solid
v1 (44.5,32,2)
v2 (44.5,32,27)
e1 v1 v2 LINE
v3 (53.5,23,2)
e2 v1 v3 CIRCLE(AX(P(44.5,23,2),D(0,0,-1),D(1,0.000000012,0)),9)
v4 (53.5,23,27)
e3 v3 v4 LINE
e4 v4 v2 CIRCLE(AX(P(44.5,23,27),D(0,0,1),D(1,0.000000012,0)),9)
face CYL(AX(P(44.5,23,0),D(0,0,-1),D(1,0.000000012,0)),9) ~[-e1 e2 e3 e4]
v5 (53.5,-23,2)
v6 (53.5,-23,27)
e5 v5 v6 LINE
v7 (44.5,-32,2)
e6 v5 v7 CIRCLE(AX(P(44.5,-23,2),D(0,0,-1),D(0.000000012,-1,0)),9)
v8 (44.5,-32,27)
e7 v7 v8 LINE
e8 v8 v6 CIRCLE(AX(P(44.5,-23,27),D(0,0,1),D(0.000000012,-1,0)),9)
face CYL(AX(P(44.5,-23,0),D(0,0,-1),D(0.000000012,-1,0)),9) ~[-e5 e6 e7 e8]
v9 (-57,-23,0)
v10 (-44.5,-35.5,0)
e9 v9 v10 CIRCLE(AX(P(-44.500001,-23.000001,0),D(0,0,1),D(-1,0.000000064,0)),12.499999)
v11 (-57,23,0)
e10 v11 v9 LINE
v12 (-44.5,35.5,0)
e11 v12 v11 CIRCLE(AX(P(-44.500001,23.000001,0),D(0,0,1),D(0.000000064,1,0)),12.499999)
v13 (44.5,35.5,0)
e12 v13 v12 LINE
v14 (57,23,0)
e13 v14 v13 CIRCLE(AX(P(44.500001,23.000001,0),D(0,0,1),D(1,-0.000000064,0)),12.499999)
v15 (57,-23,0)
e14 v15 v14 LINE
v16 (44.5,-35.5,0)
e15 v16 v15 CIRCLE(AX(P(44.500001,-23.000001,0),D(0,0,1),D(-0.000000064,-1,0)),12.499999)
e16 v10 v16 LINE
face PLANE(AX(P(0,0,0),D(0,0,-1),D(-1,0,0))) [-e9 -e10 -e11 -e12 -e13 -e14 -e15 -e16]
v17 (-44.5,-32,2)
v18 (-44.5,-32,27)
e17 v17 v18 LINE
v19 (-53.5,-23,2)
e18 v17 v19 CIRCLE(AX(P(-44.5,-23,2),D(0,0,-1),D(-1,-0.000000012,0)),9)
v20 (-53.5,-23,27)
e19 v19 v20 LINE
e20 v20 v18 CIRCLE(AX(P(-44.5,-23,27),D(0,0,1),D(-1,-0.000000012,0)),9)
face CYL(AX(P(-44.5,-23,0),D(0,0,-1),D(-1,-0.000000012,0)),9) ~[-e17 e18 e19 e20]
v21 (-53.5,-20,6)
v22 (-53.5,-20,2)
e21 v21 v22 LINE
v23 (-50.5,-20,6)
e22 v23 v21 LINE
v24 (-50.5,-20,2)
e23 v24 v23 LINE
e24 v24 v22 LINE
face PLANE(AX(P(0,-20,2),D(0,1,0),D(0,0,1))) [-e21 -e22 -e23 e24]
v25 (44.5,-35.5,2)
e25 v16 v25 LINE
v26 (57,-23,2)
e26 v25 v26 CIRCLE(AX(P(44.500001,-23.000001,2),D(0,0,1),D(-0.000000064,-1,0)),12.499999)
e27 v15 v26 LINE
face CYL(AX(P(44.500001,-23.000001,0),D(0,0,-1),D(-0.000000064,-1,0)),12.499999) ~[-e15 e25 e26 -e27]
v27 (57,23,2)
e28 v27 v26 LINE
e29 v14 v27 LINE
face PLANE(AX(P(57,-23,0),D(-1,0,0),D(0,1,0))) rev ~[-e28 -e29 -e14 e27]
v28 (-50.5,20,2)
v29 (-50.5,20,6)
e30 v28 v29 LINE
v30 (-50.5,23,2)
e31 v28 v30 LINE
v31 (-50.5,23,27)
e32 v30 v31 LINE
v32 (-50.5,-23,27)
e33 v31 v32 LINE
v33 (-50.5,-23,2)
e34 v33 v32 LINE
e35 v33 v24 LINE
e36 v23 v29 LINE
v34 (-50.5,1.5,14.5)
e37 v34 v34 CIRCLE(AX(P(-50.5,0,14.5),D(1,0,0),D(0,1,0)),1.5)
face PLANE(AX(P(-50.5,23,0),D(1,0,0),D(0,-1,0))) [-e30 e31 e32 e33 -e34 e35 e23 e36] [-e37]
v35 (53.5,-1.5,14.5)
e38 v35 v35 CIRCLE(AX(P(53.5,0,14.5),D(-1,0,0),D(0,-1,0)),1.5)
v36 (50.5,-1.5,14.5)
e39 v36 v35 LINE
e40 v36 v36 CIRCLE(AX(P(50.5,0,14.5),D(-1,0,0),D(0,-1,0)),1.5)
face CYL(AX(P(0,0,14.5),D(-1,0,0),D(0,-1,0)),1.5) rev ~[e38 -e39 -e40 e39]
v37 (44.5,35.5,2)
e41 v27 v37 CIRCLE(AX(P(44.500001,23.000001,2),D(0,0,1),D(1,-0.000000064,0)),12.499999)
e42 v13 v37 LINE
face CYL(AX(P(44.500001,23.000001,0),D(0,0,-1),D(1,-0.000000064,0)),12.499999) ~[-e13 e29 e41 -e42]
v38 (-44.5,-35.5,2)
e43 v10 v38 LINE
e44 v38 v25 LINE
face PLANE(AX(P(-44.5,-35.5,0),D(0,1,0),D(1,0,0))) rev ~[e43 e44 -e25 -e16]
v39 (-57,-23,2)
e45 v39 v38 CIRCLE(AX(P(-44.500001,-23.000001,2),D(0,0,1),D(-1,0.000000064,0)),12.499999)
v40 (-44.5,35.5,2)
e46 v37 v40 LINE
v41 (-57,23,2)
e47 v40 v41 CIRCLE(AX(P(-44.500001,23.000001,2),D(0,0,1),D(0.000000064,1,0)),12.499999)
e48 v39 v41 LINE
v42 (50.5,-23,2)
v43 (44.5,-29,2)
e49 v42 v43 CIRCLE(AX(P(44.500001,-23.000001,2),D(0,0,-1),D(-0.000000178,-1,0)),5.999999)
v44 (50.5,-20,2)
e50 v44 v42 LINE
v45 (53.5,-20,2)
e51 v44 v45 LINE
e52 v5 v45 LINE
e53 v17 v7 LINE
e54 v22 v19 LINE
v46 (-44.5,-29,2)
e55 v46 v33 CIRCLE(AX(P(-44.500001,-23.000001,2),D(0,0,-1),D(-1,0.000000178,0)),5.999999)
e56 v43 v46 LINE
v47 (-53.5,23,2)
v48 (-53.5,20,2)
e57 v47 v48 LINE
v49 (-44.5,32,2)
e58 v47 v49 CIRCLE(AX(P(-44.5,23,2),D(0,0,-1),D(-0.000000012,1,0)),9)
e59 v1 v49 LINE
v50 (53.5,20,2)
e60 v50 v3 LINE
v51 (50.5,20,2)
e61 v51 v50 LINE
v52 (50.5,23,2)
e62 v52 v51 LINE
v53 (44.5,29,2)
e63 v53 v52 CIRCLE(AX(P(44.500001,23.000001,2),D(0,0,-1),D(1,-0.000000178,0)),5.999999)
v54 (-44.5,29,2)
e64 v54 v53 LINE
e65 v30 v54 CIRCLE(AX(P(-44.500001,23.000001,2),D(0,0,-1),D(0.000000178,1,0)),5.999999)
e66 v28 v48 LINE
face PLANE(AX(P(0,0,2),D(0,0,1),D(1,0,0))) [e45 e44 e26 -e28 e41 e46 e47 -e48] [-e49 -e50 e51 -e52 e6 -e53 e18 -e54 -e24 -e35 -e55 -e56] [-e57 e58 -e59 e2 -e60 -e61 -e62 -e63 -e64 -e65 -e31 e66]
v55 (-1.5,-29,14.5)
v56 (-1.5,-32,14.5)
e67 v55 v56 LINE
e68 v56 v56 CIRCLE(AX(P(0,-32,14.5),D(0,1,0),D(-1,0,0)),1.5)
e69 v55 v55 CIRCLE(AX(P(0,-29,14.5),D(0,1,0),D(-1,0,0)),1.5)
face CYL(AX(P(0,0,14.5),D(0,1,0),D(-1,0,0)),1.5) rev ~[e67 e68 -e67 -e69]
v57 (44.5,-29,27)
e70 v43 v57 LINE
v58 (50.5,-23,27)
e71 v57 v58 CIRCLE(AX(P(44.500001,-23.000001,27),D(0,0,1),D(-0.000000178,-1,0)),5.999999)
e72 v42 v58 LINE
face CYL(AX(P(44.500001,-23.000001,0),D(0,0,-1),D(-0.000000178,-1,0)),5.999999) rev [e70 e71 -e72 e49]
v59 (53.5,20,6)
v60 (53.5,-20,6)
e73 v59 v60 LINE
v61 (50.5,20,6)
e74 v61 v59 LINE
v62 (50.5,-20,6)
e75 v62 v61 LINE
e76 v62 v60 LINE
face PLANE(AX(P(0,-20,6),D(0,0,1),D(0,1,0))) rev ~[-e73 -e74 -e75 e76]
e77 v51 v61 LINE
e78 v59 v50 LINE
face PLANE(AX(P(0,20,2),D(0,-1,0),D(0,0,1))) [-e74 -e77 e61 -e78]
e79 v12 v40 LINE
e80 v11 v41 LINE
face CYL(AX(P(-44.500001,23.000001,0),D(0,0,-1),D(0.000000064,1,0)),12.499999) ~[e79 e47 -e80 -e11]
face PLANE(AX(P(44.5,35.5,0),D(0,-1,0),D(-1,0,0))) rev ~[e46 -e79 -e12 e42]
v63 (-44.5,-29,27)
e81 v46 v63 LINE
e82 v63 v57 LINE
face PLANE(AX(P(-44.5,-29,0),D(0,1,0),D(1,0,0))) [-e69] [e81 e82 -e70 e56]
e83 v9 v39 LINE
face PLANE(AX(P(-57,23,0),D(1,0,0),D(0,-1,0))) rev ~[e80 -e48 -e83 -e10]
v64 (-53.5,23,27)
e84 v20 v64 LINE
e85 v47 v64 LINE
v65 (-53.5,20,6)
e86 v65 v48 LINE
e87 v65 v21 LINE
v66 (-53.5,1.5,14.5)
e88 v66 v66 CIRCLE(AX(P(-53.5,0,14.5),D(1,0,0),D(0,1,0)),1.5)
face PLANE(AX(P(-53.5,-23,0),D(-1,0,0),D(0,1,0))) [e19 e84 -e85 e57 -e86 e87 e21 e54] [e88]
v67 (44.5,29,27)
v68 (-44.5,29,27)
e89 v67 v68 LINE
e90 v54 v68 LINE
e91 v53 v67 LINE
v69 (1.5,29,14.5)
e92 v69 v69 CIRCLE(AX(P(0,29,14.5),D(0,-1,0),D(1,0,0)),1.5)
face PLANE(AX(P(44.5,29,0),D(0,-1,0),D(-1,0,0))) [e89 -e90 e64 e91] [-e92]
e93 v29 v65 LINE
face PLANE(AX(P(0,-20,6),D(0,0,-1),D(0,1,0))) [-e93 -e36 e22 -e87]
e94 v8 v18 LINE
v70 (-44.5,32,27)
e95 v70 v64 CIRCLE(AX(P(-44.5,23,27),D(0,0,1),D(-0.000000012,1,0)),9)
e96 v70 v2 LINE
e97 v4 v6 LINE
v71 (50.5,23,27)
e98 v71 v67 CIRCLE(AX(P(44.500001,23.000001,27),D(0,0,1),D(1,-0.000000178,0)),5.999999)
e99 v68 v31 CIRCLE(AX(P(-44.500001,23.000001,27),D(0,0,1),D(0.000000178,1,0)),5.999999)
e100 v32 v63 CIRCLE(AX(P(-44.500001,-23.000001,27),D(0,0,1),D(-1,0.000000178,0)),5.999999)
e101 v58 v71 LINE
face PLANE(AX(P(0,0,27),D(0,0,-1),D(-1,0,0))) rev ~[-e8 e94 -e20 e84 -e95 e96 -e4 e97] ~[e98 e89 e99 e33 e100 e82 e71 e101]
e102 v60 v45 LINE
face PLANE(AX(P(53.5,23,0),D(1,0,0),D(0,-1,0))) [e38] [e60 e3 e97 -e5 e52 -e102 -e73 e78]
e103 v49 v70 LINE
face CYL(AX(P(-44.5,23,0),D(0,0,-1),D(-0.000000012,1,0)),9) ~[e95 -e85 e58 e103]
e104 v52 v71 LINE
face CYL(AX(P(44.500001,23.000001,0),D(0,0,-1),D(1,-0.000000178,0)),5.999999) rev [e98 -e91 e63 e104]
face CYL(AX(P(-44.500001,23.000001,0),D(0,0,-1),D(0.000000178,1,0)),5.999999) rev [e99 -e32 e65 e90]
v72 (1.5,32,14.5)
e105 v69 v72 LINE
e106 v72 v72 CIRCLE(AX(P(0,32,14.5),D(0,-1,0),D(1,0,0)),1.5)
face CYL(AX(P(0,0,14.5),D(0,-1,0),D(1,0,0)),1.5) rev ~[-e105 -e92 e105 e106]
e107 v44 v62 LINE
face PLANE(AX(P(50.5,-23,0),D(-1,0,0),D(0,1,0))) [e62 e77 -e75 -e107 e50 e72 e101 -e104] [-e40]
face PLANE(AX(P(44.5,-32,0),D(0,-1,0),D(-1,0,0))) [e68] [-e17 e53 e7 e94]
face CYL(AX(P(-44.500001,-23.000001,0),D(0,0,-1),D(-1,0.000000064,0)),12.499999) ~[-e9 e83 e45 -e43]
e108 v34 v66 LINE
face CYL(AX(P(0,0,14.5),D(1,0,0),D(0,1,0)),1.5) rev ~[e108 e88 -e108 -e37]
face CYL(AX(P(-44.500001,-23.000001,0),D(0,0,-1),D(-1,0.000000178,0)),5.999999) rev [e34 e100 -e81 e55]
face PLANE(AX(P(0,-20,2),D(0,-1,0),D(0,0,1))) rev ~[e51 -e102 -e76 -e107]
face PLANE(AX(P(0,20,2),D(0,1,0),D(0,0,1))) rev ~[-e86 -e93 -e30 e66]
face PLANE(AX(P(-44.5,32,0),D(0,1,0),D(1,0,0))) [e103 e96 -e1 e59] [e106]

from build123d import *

# Parameters (mm, degrees)
PAD001_DEPTH         = 2
PAD003_DEPTH         = 27
SKETCH_R             = 1.5
POCKET_DEPTH         = 309.479101
SKETCH004_W          = 40
SKETCH004_H          = 4
POCKET001_DEPTH      = 57.001
POCKET001_DEPTH_BACK = -57.001
POLARPATTERN_COUNT   = 4


with BuildPart() as part:
    # Sketch001 → Pad001 (new body)
    with BuildSketch(Plane.XY):
        with BuildLine():
            Line((-57, 23), (-57, -23))
            ThreePointArc((-57, -23), (-53.338835, -31.838835), (-44.5, -35.5))
            Line((-44.5, -35.5), (44.5, -35.5))
            ThreePointArc((44.5, -35.5), (53.338835, -31.838835), (57, -23))
            Line((57, -23), (57, 23))
            ThreePointArc((57, 23), (53.338835, 31.838835), (44.5, 35.5))
            Line((44.5, 35.5), (-44.5, 35.5))
            ThreePointArc((-44.5, 35.5), (-53.338835, 31.838835), (-57, 23))
        make_face()
    extrude(amount=PAD001_DEPTH)

    # Sketch003 → Pad003 (join)
    with BuildSketch(Plane.XY):
        with BuildLine():
            Line((-44.5, 32), (44.5, 32))
            ThreePointArc((53.5, 23), (50.863961, 29.363961), (44.5, 32))
            Line((53.5, 23), (53.5, -23))
            ThreePointArc((44.5, -32), (50.863961, -29.363961), (53.5, -23))
            Line((44.5, -32), (-44.5, -32))
            ThreePointArc((-53.5, -23), (-50.863961, -29.363961), (-44.5, -32))
            Line((-53.5, -23), (-53.5, 23))
            ThreePointArc((-44.5, 32), (-50.863961, 29.363961), (-53.5, 23))
        make_face()
        with BuildLine():
            Line((-50.5, 23), (-50.5, -23))
            ThreePointArc((-50.5, -23), (-48.742641, -27.242641), (-44.5, -29))
            Line((-44.5, -29), (44.5, -29))
            ThreePointArc((44.5, -29), (48.742641, -27.242641), (50.5, -23))
            Line((50.5, -23), (50.5, 23))
            ThreePointArc((50.5, 23), (48.742641, 27.242641), (44.5, 29))
            Line((44.5, 29), (-44.5, 29))
            ThreePointArc((-44.5, 29), (-48.742641, 27.242641), (-50.5, 23))
        make_face(mode=Mode.SUBTRACT)
    extrude(amount=PAD003_DEPTH)

    # Sketch → Pocket (cut, through all)
    with BuildSketch(Plane.XZ):
        with Locations((0, 14.5)):
            Circle(SKETCH_R)
    pocket = extrude(amount=-POCKET_DEPTH, mode=Mode.SUBTRACT)

    # Sketch004 → Pocket001 (cut, two sides)
    with BuildSketch(Plane.YZ) as pocket001_sk:
        with Locations((0, 4)):
            Rectangle(SKETCH004_W, SKETCH004_H)
    extrude(amount=-POCKET001_DEPTH, mode=Mode.SUBTRACT)
    extrude(pocket001_sk.sketch, amount=-POCKET001_DEPTH_BACK, mode=Mode.SUBTRACT)

    # PolarPattern: Pocket ×4 about axis
    polarpattern_axis = Axis((0, 0, 0), (0, 0, 1))
    for i in range(1, POLARPATTERN_COUNT):
        add(pocket.rotate(polarpattern_axis, i * 360 / POLARPATTERN_COUNT), mode=Mode.SUBTRACT)


solid = part.part
